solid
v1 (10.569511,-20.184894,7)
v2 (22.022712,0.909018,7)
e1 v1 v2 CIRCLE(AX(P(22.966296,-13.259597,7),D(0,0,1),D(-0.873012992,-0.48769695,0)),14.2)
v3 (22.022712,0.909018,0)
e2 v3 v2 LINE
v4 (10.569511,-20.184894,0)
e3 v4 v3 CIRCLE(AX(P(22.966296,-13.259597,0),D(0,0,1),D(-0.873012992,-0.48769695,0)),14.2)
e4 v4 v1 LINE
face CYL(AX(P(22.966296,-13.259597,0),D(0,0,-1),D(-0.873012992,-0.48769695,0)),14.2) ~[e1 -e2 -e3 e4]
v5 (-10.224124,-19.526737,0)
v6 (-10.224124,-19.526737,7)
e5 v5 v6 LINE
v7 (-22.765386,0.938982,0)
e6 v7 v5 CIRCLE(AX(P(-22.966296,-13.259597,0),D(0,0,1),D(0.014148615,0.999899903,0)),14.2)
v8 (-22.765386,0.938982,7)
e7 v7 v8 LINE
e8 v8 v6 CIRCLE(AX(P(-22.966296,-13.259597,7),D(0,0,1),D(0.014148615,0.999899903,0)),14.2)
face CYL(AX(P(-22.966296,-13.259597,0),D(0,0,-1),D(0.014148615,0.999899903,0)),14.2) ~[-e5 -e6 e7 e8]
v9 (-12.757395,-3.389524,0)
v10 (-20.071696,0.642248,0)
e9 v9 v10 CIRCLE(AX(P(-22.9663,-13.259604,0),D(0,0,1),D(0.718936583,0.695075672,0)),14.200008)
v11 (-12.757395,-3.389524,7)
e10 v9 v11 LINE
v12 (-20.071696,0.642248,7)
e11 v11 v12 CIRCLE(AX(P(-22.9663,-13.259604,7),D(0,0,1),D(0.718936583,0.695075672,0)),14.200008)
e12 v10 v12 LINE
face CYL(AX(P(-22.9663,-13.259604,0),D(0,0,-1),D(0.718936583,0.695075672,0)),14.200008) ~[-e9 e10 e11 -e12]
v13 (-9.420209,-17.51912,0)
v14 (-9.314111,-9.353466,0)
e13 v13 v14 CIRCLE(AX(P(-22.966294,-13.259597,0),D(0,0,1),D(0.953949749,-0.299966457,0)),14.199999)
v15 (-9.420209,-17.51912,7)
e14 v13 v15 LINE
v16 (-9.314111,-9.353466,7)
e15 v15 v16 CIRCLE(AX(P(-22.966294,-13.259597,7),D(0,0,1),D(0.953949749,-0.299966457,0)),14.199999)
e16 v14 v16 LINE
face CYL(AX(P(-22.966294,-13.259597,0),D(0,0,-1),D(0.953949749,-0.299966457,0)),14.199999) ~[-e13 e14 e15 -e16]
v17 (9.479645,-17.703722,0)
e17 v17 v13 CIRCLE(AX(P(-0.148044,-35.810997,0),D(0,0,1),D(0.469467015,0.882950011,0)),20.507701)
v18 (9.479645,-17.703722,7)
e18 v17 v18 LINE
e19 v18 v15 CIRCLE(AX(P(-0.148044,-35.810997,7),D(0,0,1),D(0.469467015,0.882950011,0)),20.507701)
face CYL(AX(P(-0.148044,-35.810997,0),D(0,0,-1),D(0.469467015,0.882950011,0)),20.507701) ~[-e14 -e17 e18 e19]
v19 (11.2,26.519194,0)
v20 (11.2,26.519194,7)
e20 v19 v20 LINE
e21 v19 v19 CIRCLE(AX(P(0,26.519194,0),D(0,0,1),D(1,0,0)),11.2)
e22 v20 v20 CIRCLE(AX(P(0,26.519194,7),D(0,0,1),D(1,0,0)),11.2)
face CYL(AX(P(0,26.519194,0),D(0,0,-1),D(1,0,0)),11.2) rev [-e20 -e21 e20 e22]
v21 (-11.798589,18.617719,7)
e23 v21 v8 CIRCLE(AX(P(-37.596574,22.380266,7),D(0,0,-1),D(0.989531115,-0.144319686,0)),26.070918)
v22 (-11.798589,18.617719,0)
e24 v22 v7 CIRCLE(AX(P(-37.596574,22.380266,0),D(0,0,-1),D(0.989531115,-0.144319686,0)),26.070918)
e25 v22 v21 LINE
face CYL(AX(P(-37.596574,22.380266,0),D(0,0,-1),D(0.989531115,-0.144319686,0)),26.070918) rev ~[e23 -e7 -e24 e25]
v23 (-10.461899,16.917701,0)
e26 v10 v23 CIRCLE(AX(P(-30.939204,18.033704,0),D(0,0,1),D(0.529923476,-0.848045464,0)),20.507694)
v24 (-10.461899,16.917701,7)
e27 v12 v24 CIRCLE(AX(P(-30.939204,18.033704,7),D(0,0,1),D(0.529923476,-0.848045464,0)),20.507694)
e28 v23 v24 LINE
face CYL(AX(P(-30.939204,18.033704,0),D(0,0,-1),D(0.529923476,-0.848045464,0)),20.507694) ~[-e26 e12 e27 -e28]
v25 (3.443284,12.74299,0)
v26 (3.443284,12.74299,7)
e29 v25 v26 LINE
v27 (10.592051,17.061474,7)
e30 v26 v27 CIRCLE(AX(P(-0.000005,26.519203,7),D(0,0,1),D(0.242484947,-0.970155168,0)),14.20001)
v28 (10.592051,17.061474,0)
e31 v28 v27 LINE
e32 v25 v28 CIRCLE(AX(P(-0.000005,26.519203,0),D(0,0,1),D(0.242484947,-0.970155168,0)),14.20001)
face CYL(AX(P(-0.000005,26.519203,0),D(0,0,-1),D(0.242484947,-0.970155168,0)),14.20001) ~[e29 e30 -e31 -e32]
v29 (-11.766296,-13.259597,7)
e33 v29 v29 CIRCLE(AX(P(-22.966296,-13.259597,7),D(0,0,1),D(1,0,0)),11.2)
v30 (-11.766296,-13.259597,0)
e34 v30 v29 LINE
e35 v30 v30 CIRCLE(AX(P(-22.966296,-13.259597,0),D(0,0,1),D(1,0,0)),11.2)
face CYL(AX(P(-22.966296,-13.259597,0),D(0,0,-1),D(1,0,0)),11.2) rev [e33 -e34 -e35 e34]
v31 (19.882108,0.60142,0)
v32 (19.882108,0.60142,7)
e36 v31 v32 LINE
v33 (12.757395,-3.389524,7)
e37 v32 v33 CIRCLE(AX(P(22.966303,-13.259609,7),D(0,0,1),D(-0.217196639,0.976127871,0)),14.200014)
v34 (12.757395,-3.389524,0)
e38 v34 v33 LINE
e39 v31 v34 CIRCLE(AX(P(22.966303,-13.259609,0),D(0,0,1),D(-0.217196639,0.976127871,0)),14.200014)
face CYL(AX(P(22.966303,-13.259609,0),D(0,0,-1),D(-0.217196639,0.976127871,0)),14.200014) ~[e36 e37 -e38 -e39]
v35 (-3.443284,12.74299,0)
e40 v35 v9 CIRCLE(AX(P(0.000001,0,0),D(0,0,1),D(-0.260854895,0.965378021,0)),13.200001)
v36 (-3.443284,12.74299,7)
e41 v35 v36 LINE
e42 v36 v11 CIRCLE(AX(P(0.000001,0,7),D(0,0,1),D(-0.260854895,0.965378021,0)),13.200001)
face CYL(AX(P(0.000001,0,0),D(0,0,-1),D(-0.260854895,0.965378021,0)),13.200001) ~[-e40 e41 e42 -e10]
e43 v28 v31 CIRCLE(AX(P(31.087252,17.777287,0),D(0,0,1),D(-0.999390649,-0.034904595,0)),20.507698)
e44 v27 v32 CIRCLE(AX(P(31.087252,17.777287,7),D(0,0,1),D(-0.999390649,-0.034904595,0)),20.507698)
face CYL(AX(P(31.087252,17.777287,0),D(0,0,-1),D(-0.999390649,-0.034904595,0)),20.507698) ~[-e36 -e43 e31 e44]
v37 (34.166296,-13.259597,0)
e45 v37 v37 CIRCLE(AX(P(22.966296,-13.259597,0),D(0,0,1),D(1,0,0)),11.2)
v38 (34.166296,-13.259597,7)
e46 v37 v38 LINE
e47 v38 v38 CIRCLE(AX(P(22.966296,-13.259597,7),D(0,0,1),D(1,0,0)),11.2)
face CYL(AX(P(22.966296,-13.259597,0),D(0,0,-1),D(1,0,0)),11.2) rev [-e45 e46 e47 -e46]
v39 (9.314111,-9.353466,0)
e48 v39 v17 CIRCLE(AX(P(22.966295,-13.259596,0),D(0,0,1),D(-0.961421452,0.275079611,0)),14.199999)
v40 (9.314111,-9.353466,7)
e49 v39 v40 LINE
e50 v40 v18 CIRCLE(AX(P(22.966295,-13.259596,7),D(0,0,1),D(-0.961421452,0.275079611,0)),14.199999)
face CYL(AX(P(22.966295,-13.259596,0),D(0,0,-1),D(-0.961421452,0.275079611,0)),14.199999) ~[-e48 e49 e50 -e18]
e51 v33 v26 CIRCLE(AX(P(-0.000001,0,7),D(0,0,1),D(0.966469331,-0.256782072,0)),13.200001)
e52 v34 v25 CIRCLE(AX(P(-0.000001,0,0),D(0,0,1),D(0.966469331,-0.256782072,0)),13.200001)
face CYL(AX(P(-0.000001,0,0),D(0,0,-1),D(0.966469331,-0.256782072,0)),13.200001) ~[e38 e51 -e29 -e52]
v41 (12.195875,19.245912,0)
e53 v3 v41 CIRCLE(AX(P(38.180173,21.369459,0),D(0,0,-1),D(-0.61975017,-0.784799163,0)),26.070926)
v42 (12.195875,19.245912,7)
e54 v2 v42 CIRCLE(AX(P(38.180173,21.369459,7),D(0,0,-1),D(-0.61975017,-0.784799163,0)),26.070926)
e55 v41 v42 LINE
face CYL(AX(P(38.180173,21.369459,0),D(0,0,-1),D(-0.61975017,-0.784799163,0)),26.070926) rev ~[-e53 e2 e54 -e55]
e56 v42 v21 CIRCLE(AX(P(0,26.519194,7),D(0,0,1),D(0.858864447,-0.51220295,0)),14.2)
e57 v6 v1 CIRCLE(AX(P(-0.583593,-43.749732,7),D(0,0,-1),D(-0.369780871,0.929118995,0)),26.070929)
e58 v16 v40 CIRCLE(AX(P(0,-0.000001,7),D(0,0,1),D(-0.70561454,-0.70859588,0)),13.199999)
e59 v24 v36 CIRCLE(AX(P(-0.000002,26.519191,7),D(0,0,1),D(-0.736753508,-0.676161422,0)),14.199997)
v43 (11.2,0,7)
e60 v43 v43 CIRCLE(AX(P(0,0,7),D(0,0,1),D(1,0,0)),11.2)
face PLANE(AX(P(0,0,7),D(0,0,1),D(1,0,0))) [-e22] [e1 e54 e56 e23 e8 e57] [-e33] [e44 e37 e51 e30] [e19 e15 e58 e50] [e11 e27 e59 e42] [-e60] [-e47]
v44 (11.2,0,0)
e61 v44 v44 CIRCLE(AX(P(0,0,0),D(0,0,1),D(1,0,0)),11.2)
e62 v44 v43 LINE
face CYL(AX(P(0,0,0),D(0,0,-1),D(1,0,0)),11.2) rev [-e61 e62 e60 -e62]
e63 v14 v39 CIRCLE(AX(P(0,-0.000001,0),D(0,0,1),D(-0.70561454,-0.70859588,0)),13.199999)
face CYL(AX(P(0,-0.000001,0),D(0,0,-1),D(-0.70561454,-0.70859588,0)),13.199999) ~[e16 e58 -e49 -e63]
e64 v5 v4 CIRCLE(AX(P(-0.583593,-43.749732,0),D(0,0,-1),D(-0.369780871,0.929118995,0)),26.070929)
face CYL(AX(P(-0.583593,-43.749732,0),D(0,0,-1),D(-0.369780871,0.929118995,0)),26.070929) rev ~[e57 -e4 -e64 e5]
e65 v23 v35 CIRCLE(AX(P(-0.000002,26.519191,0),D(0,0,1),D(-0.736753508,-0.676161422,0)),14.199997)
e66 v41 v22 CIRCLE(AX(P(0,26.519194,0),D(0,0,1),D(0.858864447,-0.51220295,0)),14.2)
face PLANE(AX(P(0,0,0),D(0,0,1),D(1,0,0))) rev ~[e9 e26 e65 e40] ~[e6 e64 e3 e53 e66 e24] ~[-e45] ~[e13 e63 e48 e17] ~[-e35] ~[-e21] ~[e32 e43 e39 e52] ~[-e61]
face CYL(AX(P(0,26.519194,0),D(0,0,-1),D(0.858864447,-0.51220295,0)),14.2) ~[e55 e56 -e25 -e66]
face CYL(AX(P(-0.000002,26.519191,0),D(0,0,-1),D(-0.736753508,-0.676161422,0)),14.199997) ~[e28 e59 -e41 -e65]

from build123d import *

# Parameters (mm, degrees)
F0_R     = 11.2
F1_DEPTH = 7


with BuildPart() as f1:
    # F0 (on Top) → F1 (new body)
    with BuildSketch(Plane.XY):
        with BuildLine():
            ThreePointArc((-10.461899, 16.917701), (-7.259172, 14.314915), (-3.443284, 12.74299))
            ThreePointArc((-3.443284, 12.74299), (-11.431535, 6.6), (-12.757395, -3.389524))
            ThreePointArc((-12.757395, -3.389524), (-16.111427, -0.823731), (-20.071696, 0.642248))
            ThreePointArc((-20.071696, 0.642248), (-21.411446, 0.855021), (-22.765386, 0.938982))
            ThreePointArc((-22.765386, 0.938982), (-35.073825, -20.679014), (-10.224124, -19.526737))
            ThreePointArc((-10.224124, -19.526737), (-9.783892, -18.538255), (-9.420209, -17.51912))
            ThreePointArc((-9.420209, -17.51912), (-8.767494, -13.444085), (-9.314111, -9.353466))
            ThreePointArc((-9.314111, -9.353466), (0, -13.2), (9.314111, -9.353466))
            ThreePointArc((9.314111, -9.353466), (8.769085, -13.541039), (9.479645, -17.703722))
            ThreePointArc((9.479645, -17.703722), (9.965253, -18.970367), (10.569511, -20.184894))
            ThreePointArc((10.569511, -20.184894), (35.445464, -20.035316), (22.022712, 0.909018))
            ThreePointArc((22.022712, 0.909018), (20.946546, 0.796028), (19.882108, 0.60142))
            ThreePointArc((19.882108, 0.60142), (16.026666, -0.870831), (12.757395, -3.389524))
            ThreePointArc((12.757395, -3.389524), (11.431535, 6.6), (3.443284, 12.74299))
            ThreePointArc((3.443284, 12.74299), (7.342341, 14.36477), (10.592051, 17.061474))
            ThreePointArc((10.592051, 17.061474), (11.446193, 18.115346), (12.195875, 19.245912))
            ThreePointArc((12.195875, 19.245912), (-0.371639, 40.71433), (-11.798589, 18.617719))
            ThreePointArc((-11.798589, 18.617719), (-11.162654, 17.742227), (-10.461899, 16.917701))
        make_face()
        with Locations((-22.966296, -13.259597)):
            Circle(F0_R, mode=Mode.SUBTRACT)
        with Locations((22.966296, -13.259597)):
            Circle(F0_R, mode=Mode.SUBTRACT)
        Circle(F0_R, mode=Mode.SUBTRACT)
        with Locations((0, 26.519194)):
            Circle(F0_R, mode=Mode.SUBTRACT)
        with BuildLine():
            ThreePointArc((-20.071696, 0.642248), (-13.280016, 7.606885), (-10.461899, 16.917701))
            ThreePointArc((-10.461899, 16.917701), (-11.162654, 17.742227), (-11.798589, 18.617719))
            ThreePointArc((-11.798589, 18.617719), (-15.442187, 8.637052), (-22.765386, 0.938982))
            ThreePointArc((-22.765386, 0.938982), (-21.411446, 0.855021), (-20.071696, 0.642248))
        make_face()
        with BuildLine():
            ThreePointArc((22.022712, 0.909018), (15.201, 9.054801), (12.195875, 19.245912))
            ThreePointArc((12.195875, 19.245912), (11.446193, 18.115346), (10.592051, 17.061474))
            ThreePointArc((10.592051, 17.061474), (13.227764, 7.697389), (19.882108, 0.60142))
            ThreePointArc((19.882108, 0.60142), (20.946546, 0.796028), (22.022712, 0.909018))
        make_face()
        with BuildLine():
            ThreePointArc((-9.420209, -17.51912), (-9.783892, -18.538255), (-10.224124, -19.526737))
            ThreePointArc((-10.224124, -19.526737), (0.241187, -17.691853), (10.569511, -20.184894))
            ThreePointArc((10.569511, -20.184894), (9.965253, -18.970367), (9.479645, -17.703722))
            ThreePointArc((9.479645, -17.703722), (0.052253, -15.304274), (-9.420209, -17.51912))
        make_face()
    extrude(amount=F1_DEPTH)


solid = f1.part
